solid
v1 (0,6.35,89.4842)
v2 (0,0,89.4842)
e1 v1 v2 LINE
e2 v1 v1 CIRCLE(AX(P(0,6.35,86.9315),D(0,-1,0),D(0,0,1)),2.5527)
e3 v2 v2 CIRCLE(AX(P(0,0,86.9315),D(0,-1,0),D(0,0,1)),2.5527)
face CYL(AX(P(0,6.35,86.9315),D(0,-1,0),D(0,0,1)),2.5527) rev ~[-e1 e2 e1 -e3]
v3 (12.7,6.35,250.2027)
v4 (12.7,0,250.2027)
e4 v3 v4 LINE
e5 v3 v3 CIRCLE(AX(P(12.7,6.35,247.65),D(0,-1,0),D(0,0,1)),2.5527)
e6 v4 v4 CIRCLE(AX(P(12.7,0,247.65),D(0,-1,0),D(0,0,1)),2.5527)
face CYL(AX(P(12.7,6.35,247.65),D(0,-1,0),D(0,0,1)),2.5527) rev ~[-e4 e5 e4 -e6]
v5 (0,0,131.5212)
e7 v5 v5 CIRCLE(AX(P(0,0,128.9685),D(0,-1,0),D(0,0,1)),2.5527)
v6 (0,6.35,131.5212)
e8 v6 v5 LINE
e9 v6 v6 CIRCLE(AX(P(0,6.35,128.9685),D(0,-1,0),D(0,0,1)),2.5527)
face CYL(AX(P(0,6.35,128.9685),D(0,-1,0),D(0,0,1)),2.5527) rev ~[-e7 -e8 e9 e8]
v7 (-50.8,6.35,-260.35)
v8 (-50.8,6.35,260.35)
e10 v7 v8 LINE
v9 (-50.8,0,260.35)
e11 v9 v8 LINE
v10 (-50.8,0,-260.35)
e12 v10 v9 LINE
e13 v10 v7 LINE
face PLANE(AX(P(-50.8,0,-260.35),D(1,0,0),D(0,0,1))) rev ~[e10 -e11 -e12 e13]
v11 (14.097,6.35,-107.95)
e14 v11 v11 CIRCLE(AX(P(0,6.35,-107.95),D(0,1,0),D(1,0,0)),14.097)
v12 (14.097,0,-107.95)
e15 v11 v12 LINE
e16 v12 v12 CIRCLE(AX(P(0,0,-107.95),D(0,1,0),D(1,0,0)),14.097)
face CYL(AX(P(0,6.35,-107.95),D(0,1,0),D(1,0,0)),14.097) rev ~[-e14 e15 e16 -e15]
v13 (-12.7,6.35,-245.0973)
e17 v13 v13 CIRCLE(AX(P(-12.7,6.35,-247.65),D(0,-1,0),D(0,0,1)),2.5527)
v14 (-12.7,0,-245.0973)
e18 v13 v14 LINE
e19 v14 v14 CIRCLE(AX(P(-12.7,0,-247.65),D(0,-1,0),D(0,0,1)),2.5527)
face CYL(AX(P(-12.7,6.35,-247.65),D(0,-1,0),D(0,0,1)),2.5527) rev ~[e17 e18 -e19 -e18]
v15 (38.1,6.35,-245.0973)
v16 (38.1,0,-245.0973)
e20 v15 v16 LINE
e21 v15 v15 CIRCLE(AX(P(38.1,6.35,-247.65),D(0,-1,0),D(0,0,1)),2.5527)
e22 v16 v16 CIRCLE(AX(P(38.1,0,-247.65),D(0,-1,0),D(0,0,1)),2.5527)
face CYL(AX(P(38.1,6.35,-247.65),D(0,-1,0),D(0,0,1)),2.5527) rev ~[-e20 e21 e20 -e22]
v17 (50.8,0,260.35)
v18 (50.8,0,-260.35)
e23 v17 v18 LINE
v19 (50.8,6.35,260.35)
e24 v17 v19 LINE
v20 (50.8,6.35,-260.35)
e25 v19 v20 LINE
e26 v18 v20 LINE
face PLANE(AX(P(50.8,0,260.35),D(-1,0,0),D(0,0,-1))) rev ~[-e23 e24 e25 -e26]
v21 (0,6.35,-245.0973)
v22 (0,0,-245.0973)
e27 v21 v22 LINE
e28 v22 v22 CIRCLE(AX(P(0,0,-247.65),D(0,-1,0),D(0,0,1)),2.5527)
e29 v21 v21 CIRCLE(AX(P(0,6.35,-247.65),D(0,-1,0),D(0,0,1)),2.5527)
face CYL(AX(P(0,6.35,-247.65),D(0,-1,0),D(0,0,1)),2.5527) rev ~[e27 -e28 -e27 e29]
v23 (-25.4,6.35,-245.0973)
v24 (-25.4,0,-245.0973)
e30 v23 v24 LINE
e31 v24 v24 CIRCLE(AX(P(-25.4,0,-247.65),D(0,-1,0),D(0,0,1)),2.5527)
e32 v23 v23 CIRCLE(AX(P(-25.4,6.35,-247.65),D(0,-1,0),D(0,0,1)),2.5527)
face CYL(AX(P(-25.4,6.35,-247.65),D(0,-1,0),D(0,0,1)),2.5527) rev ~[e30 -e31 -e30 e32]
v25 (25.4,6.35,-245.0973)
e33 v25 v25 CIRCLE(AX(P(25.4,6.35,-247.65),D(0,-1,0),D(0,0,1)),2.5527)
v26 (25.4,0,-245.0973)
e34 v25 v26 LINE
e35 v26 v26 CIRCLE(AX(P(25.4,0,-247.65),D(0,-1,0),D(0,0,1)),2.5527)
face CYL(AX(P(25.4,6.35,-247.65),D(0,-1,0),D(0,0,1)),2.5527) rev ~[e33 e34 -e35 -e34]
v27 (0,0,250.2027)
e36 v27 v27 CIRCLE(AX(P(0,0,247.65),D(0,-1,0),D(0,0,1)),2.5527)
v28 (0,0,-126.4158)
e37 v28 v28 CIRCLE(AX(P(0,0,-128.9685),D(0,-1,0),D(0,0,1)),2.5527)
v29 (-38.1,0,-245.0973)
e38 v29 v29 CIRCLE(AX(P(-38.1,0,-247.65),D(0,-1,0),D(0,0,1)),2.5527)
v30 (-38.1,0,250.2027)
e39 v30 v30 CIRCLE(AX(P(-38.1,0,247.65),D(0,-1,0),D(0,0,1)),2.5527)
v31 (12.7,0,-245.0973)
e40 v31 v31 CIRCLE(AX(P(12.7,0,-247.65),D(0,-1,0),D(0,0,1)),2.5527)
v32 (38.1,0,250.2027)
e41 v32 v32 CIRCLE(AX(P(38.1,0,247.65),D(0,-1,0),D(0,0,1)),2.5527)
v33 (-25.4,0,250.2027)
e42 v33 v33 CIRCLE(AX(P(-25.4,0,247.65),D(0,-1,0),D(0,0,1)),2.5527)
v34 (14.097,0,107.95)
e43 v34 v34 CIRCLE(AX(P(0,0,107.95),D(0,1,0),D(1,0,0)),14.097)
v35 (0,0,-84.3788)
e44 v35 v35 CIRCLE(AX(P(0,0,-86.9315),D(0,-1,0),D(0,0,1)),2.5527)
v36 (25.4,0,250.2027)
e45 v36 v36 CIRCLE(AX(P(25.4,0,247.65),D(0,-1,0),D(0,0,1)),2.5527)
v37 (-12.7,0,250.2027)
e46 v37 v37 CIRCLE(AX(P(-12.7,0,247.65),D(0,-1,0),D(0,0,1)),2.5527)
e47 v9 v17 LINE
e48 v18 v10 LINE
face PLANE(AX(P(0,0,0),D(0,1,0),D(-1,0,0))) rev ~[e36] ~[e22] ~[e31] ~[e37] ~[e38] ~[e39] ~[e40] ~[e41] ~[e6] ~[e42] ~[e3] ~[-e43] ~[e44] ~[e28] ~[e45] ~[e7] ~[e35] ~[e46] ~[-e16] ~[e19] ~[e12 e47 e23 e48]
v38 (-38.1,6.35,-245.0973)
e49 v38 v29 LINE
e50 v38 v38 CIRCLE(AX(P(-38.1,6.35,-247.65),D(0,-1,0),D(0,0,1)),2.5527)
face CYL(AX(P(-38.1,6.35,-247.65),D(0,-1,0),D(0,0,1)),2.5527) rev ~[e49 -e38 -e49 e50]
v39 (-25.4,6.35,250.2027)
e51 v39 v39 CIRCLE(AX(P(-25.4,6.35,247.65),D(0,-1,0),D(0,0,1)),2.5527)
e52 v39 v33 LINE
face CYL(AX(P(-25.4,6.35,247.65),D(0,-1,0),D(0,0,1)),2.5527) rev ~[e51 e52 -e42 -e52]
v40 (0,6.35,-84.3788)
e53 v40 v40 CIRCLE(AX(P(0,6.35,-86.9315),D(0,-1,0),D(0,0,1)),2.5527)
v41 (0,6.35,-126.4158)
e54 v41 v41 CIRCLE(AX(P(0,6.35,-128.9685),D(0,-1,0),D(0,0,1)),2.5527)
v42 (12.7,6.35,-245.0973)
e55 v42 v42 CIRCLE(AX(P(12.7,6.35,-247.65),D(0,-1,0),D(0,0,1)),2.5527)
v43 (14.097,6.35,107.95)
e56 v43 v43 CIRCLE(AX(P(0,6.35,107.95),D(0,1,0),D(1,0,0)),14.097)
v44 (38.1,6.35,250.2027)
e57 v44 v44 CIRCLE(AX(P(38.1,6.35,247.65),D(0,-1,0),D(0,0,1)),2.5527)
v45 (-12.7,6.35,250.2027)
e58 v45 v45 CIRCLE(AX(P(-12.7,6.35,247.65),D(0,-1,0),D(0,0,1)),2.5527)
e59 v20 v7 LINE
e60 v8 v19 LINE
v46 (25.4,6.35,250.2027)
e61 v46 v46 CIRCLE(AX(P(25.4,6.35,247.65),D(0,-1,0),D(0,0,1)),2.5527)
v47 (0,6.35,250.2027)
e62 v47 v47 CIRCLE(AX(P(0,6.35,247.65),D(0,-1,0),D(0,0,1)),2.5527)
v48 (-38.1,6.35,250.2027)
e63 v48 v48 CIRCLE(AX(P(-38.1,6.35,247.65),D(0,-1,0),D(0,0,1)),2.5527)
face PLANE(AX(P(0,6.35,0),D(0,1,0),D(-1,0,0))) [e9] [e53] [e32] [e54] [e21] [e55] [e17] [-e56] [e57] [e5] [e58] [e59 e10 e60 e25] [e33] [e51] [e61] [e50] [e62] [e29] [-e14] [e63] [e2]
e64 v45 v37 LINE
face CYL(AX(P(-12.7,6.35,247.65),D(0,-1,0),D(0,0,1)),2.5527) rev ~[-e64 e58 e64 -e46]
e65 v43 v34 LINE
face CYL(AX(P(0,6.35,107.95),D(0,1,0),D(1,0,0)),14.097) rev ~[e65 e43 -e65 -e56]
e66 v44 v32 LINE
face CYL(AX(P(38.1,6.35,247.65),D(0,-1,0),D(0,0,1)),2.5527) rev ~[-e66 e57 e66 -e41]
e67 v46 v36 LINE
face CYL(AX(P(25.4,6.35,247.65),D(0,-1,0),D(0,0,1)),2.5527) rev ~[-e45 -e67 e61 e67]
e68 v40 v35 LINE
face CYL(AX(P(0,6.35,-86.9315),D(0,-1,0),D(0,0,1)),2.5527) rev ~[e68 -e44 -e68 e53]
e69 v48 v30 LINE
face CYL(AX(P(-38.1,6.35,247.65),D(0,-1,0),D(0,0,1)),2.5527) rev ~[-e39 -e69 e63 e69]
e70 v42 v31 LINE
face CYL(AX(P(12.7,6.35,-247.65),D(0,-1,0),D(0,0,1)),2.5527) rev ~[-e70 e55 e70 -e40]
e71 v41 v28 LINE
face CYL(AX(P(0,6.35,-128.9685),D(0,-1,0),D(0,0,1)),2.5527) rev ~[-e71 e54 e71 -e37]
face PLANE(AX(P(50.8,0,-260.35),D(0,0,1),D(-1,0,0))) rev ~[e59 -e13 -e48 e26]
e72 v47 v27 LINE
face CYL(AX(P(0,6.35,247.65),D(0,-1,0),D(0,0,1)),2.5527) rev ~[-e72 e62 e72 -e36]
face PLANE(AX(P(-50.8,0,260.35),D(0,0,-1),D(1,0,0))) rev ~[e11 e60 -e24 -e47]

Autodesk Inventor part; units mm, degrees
ref_plane "YZ Plane" through (0, 0, 0) normal (1, 0, 0) x (0, 1, 0)
ref_plane "XZ Plane" through (0, 0, 0) normal (0, 1, 0) x (-1, 0, 0)
ref_plane "XY Plane" through (0, 0, 0) normal (0, 0, 1) x (1, 0, 0)
sketch "Sketch1" plane through (0, 0, 0) normal (0, 1, 0) x (-1, 0, 0)
  line L0 (-50.8, -260.35) -> (50.8, -260.35)
  line L1 (50.8, -260.35) -> (50.8, 260.35)
  line L2 (50.8, 260.35) -> (-50.8, 260.35)
  line L3 (-50.8, 260.35) -> (-50.8, -260.35)
  line L4 (-50.8, -260.35) -> (50.8, 260.35) construction
  line L5 (50.8, -260.35) -> (-50.8, 260.35) construction
  point P0 (0, 0)
  dimension "d0" = 101.6
  dimension "d1" = 520.7
extrude "Extrusion1" add sketch "Sketch1" along normal blind 6.35
sketch "Sketch2" plane through (0, 6.35, 0) normal (0, 1, 0) x (1, 0, 0)
  circle A0 centre (0, -107.95) radius 14.097
  circle A1 centre (0, 107.95) radius 14.097
  line L0 (0, -107.95) -> (0, 107.95) construction
  circle A2 centre (0, -107.95) radius 63.5 construction
  circle A3 centre (0, 107.95) radius 63.5 construction
  circle A4 centre (-107.4015, 0) radius 57.15 construction
  circle A5 centre (0, 44.5491) radius 14.097
  point P0 (0, 0)
  point P1 (0, 0)
  point P2 (0, -44.45)
  point P3 (0, 44.45)
  dimension "d7" = 127
  dimension "d8" = 127
  dimension "d5" = 28.194
  dimension "d9" = 88.9
  dimension "d10" = 114.3
  dimension "d12" = 152.4991
extrude "Extrusion2" cut sketch "Sketch2" against normal blind 6.35 contours A0 | A1
sketch "Sketch3" plane through (0, 6.35, 0) normal (0, 1, 0) x (1, 0, 0)
  line L0 (-50.8, -260.35) -> (50.8, -260.35) projected
  line L1 (-50.8, 260.35) -> (-50.8, -260.35) projected
  line L2 (-50.8, 260.35) -> (-50.8, -260.35) construction
  line L3 (-50.8, 0) -> (50.8, 0) construction
  line L4 (50.8, -260.35) -> (50.8, 260.35) construction
  point P0 (0, 0)
  point P1 (-38.1, -247.65)
  point P2 (-25.4, -247.65)
  point P3 (-12.7, -247.65)
  point P4 (0, -247.65)
  point P5 (12.7, -247.65)
  point P6 (25.4, -247.65)
  point P7 (38.1, -247.65)
  point P8 (-38.1, 247.65)
  point P9 (-25.4, 247.65)
  point P10 (-12.7, 247.65)
  point P11 (0, 247.65)
  point P12 (12.7, 247.65)
  point P13 (25.4, 247.65)
  point P14 (38.1, 247.65)
  dimension "d15" = 12.7
  dimension "d16" = 12.7
  dimension "d19" = 12.7
hole "Hole1" at (-38.1, 6.35, 247.65) at (-25.4, 6.35, 247.65) at (-12.7, 6.35, 247.65) at (0, 6.35, 247.65) at (12.7, 6.35, 247.65) at (25.4, 6.35, 247.65) at (38.1, 6.35, 247.65) at (38.1, 6.35, -247.65) at (25.4, 6.35, -247.65) at (12.7, 6.35, -247.65) at (0, 6.35, -247.65) at (-12.7, 6.35, -247.65) at (-25.4, 6.35, -247.65) at (-38.1, 6.35, -247.65) direction (0, -1, 0) diameter 5.1054 end through all clearance for "Flat Head Machine Screw (82)" size "#10" standard "Ansi Unified Screw Threads"
sketch "Sketch4" plane through (0, 6.35, 0) normal (0, 1, 0) x (1, 0, 0)
  line L0 (0, -86.9315) -> (0, -128.9685) construction
  line L1 (0, 128.9685) -> (0, 86.9315) construction
  circle A0 centre (-25.4, 247.65) radius 2.5527 projected
  circle A1 centre (0, 247.65) radius 2.5527 projected
  circle A2 centre (25.4, 247.65) radius 2.5527 projected
  circle A3 centre (38.1, -247.65) radius 2.5527 projected
  circle A4 centre (12.7, -247.65) radius 2.5527 projected
  circle A5 centre (-12.7, -247.65) radius 2.5527 projected
  circle A6 centre (-38.1, -247.65) radius 2.5527 projected
  circle A7 centre (-25.4, -247.65) radius 2.5527 projected
  circle A8 centre (0, -247.65) radius 2.5527 projected
  circle A9 centre (25.4, -247.65) radius 2.5527 projected
  circle A10 centre (38.1, 247.65) radius 2.5527 projected
  circle A11 centre (12.7, 247.65) radius 2.5527 projected
  circle A12 centre (-12.7, 247.65) radius 2.5527 projected
  circle A13 centre (-38.1, 247.65) radius 2.5527 projected
  circle A14 centre (0, 107.95) radius 14.097 projected
  circle A15 centre (0, -107.95) radius 14.097 projected
  line L2 (-50.8, 260.35) -> (50.8, 260.35) projected
  line L3 (50.8, 260.35) -> (50.8, -260.35) projected
  line L4 (50.8, -260.35) -> (-50.8, -260.35) projected
  line L5 (-50.8, -260.35) -> (-50.8, 260.35) projected
  point P0 (0, 0)
  dimension "d31" = 42.037
  dimension "d32" = 42.037
hole "Hole2" at (0, 6.35, -128.9685) at (0, 6.35, -86.9315) at (0, 6.35, 86.9315) at (0, 6.35, 128.9685) direction (0, -1, 0) diameter 5.1054 end through all clearance for "Flat Head Machine Screw (82)" size "#10" standard "Ansi Unified Screw Threads"
properties part number "GI - 007" material "Aluminum 6061"
